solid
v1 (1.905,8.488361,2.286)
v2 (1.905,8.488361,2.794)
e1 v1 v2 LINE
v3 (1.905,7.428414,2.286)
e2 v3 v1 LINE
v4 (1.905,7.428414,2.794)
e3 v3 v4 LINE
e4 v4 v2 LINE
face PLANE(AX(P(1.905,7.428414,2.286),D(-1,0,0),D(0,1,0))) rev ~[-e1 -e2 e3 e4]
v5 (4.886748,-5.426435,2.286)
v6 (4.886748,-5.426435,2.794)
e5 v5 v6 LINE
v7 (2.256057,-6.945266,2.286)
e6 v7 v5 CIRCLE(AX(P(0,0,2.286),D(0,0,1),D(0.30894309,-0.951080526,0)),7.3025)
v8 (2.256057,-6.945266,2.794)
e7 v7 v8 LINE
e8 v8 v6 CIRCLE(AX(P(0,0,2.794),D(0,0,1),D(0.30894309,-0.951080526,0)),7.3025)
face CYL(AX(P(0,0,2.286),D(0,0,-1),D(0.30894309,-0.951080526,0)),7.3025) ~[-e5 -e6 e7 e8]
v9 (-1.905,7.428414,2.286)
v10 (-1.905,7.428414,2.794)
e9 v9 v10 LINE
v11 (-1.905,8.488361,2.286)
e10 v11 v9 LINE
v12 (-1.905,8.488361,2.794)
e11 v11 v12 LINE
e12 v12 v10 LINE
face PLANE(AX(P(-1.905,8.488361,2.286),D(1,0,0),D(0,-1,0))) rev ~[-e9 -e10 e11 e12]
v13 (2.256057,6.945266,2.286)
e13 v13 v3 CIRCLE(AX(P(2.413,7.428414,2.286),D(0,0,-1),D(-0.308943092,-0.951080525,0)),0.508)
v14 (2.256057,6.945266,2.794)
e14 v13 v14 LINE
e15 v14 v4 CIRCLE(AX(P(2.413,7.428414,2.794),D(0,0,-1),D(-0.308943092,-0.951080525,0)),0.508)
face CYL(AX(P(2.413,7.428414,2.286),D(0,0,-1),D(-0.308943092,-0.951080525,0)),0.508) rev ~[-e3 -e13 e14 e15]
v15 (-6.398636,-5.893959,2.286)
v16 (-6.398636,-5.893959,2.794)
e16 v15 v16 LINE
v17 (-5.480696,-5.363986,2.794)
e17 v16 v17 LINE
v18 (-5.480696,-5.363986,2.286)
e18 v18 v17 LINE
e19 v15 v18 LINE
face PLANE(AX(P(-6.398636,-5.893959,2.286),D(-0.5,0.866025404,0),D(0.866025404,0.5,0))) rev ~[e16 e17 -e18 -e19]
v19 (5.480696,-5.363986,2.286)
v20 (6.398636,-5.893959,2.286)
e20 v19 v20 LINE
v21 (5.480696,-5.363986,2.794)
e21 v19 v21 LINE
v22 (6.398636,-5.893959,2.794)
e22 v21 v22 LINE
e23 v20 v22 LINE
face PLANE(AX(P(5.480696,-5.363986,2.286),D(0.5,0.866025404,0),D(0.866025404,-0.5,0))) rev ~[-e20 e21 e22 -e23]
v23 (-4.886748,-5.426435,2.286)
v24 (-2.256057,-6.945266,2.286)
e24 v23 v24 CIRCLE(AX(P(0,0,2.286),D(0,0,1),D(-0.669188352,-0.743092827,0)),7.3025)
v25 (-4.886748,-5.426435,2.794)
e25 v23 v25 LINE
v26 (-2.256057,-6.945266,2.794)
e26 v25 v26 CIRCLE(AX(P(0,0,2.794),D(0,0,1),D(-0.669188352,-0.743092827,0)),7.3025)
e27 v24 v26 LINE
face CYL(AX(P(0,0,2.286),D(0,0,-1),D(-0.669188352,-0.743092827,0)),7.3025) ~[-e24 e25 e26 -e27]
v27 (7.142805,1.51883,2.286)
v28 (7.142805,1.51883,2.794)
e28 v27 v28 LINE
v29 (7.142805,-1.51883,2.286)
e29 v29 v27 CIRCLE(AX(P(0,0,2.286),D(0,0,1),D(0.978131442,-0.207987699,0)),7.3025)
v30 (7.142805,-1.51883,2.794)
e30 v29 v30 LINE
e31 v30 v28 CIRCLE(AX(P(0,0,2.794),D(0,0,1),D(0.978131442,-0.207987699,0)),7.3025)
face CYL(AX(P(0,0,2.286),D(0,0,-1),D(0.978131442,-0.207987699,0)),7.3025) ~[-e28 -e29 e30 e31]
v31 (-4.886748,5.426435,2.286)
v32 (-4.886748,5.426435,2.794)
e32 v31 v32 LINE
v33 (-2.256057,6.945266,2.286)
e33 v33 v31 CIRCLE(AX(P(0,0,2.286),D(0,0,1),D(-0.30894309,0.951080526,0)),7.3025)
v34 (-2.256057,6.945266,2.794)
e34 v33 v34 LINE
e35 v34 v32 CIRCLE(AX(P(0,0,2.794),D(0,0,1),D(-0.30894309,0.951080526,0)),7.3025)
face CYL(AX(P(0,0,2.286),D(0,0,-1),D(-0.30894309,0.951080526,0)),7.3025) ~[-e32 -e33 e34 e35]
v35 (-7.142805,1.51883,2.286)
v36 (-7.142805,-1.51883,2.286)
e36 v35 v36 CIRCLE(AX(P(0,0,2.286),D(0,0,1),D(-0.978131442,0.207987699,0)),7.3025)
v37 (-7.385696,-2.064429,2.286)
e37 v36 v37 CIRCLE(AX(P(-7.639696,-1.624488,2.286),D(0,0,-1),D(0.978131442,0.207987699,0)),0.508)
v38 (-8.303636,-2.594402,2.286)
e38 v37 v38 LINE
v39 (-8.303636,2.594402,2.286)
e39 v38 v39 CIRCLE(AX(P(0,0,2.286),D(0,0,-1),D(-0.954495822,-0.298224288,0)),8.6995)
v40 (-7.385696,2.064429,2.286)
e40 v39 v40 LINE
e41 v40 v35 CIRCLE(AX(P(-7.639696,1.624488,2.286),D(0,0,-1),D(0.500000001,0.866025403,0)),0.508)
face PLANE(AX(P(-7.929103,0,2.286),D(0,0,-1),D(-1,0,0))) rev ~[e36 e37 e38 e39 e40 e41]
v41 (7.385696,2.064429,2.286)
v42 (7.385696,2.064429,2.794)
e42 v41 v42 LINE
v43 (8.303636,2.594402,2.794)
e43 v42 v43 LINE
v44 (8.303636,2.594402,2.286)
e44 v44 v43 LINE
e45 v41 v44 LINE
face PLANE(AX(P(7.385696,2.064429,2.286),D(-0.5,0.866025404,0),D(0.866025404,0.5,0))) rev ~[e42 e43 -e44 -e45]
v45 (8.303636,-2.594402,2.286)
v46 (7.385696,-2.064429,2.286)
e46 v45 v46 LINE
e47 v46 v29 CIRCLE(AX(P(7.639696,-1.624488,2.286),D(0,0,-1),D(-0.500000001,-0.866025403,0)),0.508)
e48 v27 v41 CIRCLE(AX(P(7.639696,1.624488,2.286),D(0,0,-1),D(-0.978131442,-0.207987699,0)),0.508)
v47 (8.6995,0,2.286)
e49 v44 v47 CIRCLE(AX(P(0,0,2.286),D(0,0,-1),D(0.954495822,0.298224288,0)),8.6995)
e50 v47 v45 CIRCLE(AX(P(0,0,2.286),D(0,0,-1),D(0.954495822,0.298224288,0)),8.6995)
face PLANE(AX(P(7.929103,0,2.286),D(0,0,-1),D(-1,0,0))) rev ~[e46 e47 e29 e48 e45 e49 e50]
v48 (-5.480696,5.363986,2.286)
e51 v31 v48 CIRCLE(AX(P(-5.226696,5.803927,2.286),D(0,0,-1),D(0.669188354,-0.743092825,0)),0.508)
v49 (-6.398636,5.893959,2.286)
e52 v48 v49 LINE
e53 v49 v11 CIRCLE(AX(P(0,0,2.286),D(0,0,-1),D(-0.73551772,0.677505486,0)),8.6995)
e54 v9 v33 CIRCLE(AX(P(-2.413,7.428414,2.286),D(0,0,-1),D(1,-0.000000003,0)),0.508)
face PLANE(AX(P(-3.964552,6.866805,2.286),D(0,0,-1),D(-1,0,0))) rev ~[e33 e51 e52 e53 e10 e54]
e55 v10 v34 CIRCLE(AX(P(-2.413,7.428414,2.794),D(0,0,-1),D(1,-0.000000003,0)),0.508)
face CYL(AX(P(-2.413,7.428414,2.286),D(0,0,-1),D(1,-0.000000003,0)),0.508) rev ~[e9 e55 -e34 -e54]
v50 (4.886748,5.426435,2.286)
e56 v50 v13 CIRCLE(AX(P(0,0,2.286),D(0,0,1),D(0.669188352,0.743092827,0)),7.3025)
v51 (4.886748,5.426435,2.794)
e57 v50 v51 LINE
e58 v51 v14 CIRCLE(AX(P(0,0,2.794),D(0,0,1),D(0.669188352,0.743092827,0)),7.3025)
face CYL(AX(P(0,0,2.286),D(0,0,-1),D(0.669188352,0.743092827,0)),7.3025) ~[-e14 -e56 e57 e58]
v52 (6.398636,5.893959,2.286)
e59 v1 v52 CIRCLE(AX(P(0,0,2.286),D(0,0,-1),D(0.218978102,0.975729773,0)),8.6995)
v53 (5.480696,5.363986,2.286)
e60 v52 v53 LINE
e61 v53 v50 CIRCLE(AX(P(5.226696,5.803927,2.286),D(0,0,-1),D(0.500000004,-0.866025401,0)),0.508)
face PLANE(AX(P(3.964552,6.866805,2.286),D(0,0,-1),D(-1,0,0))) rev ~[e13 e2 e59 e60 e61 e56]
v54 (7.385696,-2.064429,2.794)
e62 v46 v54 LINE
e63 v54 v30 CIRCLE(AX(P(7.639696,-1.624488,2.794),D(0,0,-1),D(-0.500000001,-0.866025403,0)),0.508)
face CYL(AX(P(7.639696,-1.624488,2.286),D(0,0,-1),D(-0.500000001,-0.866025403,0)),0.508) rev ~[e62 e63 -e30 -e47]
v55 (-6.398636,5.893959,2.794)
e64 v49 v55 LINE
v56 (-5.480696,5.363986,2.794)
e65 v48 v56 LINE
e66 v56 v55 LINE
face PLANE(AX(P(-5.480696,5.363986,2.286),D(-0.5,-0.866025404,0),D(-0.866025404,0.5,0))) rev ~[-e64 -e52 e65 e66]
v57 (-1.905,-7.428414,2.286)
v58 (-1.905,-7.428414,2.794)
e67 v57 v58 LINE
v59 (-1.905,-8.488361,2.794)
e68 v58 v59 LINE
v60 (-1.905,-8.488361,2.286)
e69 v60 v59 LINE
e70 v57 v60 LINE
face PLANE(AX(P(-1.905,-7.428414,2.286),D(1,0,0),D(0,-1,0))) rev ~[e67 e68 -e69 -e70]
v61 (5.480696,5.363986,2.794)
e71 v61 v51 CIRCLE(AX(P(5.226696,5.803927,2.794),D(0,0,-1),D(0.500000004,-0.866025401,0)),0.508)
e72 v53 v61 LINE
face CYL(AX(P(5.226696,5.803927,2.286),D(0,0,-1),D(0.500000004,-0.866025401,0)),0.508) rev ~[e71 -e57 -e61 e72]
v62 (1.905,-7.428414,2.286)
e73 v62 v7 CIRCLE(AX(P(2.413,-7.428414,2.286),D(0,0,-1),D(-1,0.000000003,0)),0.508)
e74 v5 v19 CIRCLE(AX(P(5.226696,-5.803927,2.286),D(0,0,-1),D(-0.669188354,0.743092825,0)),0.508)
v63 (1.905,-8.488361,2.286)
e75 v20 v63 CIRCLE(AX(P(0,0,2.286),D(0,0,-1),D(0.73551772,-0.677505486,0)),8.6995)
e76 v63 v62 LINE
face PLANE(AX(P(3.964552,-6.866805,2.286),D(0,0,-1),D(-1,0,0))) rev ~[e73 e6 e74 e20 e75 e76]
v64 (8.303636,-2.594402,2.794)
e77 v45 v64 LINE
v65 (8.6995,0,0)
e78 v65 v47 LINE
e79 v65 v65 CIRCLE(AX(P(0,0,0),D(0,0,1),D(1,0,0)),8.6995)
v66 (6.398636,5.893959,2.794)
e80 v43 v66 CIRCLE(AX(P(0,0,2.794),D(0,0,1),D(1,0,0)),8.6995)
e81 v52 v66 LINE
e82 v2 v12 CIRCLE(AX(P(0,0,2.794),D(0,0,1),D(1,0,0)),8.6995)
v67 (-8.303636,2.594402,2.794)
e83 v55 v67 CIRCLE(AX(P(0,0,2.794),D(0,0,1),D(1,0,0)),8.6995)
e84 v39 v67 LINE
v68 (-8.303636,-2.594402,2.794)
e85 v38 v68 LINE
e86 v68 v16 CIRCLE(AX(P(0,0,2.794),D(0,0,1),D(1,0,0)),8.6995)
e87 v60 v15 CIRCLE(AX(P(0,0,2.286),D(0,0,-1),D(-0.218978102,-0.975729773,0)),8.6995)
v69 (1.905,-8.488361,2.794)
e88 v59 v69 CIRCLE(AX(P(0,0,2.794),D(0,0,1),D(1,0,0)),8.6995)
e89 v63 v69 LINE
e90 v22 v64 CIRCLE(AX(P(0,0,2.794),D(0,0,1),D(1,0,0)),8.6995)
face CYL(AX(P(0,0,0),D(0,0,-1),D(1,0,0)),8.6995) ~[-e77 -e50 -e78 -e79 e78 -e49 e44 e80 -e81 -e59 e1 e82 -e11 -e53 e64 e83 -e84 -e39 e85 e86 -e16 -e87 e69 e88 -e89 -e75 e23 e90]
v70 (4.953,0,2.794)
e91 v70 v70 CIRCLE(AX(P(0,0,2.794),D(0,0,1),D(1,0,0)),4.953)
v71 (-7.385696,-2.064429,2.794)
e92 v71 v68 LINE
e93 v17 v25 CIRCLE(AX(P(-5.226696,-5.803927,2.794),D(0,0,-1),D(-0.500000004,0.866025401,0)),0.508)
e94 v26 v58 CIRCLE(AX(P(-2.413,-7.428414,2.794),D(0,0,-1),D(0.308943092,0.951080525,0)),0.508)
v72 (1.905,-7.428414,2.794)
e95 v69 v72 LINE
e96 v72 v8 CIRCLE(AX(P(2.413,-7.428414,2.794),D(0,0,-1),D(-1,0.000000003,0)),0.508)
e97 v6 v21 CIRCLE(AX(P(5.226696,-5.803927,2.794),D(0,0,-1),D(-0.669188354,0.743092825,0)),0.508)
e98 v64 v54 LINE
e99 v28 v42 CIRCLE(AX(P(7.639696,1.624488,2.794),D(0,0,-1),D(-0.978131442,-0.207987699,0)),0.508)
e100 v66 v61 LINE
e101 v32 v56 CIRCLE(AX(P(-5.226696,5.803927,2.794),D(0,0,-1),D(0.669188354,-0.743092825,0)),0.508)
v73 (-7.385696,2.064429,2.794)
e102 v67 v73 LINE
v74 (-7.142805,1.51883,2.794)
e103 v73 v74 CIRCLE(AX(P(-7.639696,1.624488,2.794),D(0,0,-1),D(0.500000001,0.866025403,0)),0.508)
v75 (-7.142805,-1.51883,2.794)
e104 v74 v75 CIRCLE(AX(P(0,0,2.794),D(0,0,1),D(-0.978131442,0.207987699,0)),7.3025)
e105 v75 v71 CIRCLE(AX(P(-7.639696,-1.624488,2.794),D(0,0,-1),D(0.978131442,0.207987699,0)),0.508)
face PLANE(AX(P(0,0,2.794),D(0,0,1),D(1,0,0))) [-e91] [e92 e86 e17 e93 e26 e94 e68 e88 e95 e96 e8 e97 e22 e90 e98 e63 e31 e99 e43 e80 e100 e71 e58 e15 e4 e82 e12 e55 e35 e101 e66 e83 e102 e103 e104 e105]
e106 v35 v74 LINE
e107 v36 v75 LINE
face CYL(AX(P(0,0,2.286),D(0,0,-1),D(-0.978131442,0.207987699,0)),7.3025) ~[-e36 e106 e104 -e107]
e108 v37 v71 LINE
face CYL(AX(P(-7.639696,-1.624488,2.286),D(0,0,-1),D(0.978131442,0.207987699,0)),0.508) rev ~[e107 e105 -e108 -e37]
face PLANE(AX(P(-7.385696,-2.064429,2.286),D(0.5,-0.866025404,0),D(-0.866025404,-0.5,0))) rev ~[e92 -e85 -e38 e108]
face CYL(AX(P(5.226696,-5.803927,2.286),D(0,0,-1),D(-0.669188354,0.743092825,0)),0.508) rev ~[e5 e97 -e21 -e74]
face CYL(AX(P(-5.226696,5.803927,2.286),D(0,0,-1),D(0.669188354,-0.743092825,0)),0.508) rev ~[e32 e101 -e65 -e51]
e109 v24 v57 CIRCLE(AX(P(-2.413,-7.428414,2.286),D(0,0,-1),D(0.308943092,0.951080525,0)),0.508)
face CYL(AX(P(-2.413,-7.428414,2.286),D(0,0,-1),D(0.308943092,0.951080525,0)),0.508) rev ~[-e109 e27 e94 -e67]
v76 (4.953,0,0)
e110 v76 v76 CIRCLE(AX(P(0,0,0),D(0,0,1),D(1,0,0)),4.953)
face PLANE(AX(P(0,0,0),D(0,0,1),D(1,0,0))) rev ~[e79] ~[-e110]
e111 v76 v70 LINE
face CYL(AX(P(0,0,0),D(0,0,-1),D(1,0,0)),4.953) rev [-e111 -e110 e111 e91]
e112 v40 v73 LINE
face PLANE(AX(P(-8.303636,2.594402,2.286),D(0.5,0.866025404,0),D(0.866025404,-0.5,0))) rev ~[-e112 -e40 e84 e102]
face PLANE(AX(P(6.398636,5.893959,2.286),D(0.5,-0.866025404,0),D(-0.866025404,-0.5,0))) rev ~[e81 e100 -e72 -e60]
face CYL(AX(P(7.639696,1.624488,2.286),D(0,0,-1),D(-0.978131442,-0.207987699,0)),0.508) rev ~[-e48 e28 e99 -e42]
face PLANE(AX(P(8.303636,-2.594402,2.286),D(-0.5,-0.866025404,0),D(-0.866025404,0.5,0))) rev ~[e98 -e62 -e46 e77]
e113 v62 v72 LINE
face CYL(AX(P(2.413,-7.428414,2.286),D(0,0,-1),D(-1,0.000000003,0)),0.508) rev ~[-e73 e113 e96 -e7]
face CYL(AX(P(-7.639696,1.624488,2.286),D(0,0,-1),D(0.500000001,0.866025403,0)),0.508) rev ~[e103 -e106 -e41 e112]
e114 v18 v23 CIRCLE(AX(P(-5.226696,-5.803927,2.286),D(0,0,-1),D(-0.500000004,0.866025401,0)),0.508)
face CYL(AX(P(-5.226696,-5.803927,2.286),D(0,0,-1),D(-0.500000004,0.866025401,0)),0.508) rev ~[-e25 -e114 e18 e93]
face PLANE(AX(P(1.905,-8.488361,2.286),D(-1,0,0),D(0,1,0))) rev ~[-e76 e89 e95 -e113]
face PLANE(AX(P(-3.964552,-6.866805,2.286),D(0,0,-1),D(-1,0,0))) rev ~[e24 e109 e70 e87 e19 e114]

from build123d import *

# Parameters (mm, degrees)
SKETCH1_R           = 8.6995
SKETCH1_R_2         = 4.953
BOSS_EXTRUDE1_DEPTH = 2.794
CUT_EXTRUDE1_START  = -0.508
CUT_EXTRUDE1_DEPTH  = 0.508


with BuildPart() as part:
    # Sketch1 → Boss-Extrude1 (new body)
    with BuildSketch(Plane.XY):
        Circle(SKETCH1_R)
        Circle(SKETCH1_R_2, mode=Mode.SUBTRACT)
    extrude(amount=BOSS_EXTRUDE1_DEPTH)

    # Sketch2 → Cut-Extrude1 (cut)
    with BuildSketch(Plane.XY.offset(2.794).offset(CUT_EXTRUDE1_START)):
        with BuildLine():
            Line((7.385695624, 2.064428831), (8.303636404, 2.594402188))
            ThreePointArc((8.303636404, 2.594402188), (8.6995, 0), (8.303636405, -2.594402188))
            Line((8.303636405, -2.594402188), (7.385695624, -2.064428831))
            ThreePointArc((7.385695624, -2.064428831), (7.175606504, -1.831092109), (7.142804852, -1.518830175))
            ThreePointArc((7.142804852, -1.518830175), (7.3025, 0), (7.142804852, 1.518830175))
            ThreePointArc((7.142804852, 1.518830175), (7.175606504, 1.831092109), (7.385695624, 2.064428831))
        make_face()
        with BuildLine():
            Line((5.480695624, -5.363985619), (6.398636405, -5.893958976))
            ThreePointArc((6.398636405, -5.893958976), (4.34975, -7.533988), (1.905, -8.488361164))
            Line((1.905, -8.488361164), (1.905, -7.428414451))
            ThreePointArc((1.905, -7.428414451), (2.002030969, -7.129803575), (2.256056911, -6.945265543))
            ThreePointArc((2.256056911, -6.945265543), (3.65125, -6.324150511), (4.886747941, -5.426435369))
            ThreePointArc((4.886747941, -5.426435369), (5.173575535, -5.298711465), (5.480695624, -5.363985619))
        make_face()
        with BuildLine():
            Line((-1.905, -7.428414451), (-1.905, -8.488361164))
            ThreePointArc((-1.905, -8.488361164), (-4.34975, -7.533988), (-6.398636404, -5.893958976))
            Line((-6.398636404, -5.893958976), (-5.480695624, -5.36398562))
            ThreePointArc((-5.480695624, -5.36398562), (-5.173575535, -5.298711465), (-4.886747941, -5.426435369))
            ThreePointArc((-4.886747941, -5.426435369), (-3.65125, -6.324150511), (-2.256056911, -6.945265543))
            ThreePointArc((-2.256056911, -6.945265543), (-2.002030969, -7.129803575), (-1.905, -7.428414451))
        make_face()
        with BuildLine():
            Line((-7.385695624, -2.064428831), (-8.303636404, -2.594402188))
            ThreePointArc((-8.303636404, -2.594402188), (-8.6995, 0), (-8.303636405, 2.594402188))
            Line((-8.303636405, 2.594402188), (-7.385695624, 2.064428831))
            ThreePointArc((-7.385695624, 2.064428831), (-7.175606504, 1.831092109), (-7.142804852, 1.518830175))
            ThreePointArc((-7.142804852, 1.518830175), (-7.3025, 0), (-7.142804852, -1.518830175))
            ThreePointArc((-7.142804852, -1.518830175), (-7.175606504, -1.831092109), (-7.385695624, -2.064428831))
        make_face()
        with BuildLine():
            Line((-5.480695624, 5.363985619), (-6.398636405, 5.893958976))
            ThreePointArc((-6.398636405, 5.893958976), (-4.34975, 7.533988), (-1.905, 8.488361164))
            Line((-1.905, 8.488361164), (-1.905, 7.428414451))
            ThreePointArc((-1.905, 7.428414451), (-2.002030969, 7.129803575), (-2.256056911, 6.945265543))
            ThreePointArc((-2.256056911, 6.945265543), (-3.65125, 6.324150511), (-4.886747941, 5.426435369))
            ThreePointArc((-4.886747941, 5.426435369), (-5.173575535, 5.298711465), (-5.480695624, 5.363985619))
        make_face()
        with BuildLine():
            Line((6.398636404, 5.893958976), (5.480695624, 5.36398562))
            ThreePointArc((5.480695624, 5.36398562), (5.173575535, 5.298711465), (4.886747941, 5.426435369))
            ThreePointArc((4.886747941, 5.426435369), (3.65125, 6.324150511), (2.256056911, 6.945265543))
            ThreePointArc((2.256056911, 6.945265543), (2.002030969, 7.129803575), (1.905, 7.428414451))
            Line((1.905, 7.428414451), (1.905, 8.488361164))
            ThreePointArc((1.905, 8.488361164), (4.34975, 7.533988), (6.398636404, 5.893958976))
        make_face()
    extrude(amount=CUT_EXTRUDE1_DEPTH, mode=Mode.SUBTRACT)


solid = part.part
